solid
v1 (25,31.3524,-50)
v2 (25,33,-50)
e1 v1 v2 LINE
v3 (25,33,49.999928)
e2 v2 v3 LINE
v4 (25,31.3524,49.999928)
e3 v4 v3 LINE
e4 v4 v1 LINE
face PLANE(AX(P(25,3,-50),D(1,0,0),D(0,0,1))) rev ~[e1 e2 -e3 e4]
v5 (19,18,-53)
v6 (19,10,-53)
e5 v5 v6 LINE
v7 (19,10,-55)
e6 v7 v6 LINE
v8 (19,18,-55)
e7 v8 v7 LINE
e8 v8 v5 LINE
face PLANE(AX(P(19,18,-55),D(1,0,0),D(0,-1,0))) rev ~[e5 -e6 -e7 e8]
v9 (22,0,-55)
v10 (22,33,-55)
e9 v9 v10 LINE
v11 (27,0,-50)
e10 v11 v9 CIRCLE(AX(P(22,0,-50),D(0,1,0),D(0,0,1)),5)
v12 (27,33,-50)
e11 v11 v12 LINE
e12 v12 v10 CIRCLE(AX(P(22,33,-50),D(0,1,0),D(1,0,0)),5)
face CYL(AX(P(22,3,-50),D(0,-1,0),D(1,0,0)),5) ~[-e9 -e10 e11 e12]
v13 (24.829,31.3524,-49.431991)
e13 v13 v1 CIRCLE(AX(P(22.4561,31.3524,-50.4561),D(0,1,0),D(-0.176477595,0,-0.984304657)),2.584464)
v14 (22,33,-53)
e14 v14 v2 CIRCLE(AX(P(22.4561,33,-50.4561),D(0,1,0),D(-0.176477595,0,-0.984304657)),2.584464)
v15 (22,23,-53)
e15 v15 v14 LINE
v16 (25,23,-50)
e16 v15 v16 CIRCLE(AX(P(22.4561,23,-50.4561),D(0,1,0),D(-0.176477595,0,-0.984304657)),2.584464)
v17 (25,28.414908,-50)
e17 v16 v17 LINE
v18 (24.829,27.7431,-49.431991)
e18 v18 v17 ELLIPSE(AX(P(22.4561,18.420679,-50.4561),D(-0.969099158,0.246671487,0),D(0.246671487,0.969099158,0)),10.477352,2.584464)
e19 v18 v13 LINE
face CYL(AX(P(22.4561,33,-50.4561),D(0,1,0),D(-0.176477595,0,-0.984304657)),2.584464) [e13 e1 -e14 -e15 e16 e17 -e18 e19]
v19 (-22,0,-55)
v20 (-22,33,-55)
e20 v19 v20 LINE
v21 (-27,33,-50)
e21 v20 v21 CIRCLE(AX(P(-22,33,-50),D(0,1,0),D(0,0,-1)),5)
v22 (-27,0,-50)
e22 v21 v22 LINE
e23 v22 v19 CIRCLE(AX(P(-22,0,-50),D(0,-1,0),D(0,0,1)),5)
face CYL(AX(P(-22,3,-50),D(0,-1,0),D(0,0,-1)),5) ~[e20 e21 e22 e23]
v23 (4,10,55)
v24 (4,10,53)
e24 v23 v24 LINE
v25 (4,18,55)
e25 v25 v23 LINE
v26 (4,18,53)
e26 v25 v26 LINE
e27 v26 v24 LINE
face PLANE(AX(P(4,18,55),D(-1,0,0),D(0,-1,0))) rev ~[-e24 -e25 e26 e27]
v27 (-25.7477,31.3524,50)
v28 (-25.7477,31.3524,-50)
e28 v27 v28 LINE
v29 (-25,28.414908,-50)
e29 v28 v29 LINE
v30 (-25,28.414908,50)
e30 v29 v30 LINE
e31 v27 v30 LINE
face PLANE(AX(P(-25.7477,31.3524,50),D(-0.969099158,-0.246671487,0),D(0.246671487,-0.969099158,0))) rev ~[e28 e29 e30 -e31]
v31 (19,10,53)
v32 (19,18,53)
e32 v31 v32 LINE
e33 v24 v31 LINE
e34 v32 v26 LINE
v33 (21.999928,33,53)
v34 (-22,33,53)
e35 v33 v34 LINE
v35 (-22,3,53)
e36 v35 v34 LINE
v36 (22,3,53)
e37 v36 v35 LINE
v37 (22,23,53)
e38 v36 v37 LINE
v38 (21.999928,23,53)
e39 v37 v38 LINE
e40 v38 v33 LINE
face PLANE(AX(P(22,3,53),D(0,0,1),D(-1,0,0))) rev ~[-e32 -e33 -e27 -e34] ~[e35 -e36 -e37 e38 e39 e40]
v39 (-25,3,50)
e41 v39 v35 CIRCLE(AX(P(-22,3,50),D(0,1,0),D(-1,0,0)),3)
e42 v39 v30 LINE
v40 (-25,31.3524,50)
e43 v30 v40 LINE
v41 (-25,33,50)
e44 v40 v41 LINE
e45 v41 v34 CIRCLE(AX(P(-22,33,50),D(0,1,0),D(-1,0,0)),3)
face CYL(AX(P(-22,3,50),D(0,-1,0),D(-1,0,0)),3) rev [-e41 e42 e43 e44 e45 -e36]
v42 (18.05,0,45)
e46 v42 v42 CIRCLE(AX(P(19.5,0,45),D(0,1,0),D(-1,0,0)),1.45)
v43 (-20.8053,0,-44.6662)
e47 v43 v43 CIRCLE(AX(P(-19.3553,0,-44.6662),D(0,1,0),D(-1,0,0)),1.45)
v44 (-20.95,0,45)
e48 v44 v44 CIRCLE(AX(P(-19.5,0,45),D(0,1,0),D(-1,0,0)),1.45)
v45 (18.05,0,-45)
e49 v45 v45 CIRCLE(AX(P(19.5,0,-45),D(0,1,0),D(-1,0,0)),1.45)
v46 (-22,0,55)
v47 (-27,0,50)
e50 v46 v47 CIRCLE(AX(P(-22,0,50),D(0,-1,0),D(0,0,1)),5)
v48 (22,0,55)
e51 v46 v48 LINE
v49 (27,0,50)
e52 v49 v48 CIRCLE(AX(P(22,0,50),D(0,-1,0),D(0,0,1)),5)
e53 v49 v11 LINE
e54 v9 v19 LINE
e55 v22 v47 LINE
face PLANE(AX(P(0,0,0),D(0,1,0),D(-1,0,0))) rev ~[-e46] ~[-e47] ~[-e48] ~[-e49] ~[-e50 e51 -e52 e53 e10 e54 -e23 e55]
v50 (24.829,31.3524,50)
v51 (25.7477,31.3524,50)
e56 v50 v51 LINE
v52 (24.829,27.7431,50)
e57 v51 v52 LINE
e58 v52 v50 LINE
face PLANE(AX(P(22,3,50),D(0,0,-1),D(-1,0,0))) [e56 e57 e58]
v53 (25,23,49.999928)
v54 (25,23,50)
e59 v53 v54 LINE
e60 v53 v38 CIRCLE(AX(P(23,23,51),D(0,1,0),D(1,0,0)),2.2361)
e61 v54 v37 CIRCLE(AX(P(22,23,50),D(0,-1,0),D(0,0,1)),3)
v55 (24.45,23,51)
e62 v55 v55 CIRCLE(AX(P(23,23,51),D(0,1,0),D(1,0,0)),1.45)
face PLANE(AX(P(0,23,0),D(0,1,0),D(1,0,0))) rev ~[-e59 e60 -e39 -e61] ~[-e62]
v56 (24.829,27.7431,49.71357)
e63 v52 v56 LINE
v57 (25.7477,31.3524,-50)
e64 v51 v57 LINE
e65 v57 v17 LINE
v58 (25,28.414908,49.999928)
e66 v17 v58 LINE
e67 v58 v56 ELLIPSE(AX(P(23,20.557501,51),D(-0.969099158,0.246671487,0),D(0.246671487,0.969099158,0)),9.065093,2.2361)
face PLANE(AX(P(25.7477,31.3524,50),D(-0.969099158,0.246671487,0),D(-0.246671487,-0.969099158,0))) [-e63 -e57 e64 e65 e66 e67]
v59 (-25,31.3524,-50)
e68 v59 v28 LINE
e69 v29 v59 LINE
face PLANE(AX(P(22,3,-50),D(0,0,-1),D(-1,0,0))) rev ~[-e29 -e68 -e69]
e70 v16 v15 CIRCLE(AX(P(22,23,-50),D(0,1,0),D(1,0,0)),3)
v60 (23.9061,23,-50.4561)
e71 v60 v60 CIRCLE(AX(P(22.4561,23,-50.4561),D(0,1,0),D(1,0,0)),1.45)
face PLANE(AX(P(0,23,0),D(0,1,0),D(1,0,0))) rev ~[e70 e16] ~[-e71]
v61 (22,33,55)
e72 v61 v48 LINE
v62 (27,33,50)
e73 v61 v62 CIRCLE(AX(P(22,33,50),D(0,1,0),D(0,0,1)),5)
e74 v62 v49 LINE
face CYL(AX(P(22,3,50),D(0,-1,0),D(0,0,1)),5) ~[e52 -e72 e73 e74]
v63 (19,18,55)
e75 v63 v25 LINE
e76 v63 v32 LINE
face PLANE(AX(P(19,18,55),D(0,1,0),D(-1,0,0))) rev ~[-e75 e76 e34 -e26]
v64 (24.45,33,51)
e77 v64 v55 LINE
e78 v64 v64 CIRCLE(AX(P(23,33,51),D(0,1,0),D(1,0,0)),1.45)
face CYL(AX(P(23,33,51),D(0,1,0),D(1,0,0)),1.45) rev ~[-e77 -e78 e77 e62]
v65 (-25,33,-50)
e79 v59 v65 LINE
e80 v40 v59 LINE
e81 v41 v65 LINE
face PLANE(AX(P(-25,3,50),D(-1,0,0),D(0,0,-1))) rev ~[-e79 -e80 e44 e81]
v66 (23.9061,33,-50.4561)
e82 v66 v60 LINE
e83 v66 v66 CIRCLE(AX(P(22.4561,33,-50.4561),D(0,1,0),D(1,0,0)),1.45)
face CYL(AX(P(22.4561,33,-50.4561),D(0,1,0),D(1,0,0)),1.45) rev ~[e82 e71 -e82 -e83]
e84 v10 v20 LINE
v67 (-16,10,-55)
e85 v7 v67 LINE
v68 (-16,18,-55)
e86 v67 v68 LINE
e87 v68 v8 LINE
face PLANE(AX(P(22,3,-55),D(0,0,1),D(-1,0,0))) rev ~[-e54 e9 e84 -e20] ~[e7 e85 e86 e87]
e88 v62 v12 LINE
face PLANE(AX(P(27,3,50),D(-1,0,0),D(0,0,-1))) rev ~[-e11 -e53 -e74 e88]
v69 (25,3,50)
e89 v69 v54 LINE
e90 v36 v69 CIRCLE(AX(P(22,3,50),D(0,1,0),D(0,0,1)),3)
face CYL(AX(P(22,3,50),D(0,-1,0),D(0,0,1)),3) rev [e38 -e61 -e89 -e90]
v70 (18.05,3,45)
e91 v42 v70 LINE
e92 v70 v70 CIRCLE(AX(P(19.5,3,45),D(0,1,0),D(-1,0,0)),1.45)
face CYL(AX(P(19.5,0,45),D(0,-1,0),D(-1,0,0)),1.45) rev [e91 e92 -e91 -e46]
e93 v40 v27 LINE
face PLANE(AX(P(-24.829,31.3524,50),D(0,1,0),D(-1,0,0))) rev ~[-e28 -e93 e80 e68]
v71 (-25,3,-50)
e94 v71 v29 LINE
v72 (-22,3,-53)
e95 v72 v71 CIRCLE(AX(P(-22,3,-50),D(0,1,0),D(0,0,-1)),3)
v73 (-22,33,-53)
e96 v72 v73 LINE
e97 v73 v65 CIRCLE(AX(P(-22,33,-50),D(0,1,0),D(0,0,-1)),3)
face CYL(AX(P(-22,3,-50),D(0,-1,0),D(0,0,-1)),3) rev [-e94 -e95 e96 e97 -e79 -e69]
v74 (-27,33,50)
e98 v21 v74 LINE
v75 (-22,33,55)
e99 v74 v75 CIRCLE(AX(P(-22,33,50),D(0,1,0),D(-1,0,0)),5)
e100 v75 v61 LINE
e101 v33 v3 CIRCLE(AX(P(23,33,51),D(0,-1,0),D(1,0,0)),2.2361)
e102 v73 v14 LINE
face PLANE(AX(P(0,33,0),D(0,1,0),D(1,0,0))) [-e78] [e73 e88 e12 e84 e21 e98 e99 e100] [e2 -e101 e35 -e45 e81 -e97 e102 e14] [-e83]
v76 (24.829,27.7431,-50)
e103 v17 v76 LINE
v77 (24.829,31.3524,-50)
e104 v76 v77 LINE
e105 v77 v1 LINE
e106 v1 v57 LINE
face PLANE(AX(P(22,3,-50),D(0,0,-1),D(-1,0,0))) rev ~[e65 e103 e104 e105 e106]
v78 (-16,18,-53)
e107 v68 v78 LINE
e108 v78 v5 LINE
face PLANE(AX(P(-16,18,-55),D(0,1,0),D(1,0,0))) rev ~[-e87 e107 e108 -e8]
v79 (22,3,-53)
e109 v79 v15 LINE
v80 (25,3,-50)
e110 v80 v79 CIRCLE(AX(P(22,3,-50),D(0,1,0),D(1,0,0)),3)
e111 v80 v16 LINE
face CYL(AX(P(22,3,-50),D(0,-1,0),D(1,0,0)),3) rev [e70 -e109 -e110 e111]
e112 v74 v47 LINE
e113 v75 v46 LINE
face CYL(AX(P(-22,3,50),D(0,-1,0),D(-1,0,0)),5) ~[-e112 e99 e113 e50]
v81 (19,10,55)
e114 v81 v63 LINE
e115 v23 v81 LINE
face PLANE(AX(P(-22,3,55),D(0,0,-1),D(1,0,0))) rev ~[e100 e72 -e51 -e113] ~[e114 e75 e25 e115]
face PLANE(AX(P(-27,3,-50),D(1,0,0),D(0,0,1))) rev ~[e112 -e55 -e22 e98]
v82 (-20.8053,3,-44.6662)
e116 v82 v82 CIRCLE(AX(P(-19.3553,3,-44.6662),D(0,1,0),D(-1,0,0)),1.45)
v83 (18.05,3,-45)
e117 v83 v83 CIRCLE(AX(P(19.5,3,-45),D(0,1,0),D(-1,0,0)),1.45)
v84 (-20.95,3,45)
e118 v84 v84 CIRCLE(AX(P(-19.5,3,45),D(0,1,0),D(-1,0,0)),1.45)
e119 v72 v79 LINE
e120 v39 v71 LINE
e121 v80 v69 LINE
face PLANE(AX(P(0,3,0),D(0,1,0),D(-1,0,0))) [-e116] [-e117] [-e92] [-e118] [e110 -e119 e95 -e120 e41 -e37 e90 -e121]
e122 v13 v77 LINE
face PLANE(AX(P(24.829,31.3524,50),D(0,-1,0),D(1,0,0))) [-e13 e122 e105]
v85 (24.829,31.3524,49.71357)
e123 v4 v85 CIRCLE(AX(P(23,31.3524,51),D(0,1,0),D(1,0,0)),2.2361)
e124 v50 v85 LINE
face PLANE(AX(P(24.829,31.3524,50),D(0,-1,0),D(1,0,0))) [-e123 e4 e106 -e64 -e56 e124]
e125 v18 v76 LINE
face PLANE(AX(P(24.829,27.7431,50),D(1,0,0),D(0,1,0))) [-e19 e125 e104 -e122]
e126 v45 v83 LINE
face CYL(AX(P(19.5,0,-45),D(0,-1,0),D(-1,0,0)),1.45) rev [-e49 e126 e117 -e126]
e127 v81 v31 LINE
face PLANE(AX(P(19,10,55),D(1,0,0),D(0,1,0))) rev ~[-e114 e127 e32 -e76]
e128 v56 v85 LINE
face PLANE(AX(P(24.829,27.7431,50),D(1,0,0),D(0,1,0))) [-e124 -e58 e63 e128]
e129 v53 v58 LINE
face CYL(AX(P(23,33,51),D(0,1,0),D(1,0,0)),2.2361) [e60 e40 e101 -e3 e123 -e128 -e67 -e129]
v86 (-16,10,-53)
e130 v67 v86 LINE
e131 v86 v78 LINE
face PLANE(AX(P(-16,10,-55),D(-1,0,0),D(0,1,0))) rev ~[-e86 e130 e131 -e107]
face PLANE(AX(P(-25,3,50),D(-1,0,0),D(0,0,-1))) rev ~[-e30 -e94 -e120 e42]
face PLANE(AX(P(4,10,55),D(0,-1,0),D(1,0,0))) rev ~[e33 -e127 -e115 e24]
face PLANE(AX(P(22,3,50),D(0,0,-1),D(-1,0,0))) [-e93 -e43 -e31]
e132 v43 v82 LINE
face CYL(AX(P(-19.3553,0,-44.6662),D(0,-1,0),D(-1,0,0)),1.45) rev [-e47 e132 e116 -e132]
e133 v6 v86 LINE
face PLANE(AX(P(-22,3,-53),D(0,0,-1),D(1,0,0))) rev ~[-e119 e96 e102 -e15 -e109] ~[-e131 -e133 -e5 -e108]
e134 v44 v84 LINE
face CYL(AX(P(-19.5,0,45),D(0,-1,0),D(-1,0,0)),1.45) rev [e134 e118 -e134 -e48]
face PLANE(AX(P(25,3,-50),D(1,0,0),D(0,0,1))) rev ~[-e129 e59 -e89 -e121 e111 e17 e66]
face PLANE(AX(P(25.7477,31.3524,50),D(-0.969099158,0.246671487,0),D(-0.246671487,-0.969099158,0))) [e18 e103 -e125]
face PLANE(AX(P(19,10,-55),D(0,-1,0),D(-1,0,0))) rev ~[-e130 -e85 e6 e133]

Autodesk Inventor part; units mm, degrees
ref_plane "YZ Plane" through (0, 0, 0) normal (1, 0, 0) x (0, 1, 0)
ref_plane "XZ Plane" through (0, 0, 0) normal (0, 1, 0) x (-1, 0, 0)
ref_plane "XY Plane" through (0, 0, 0) normal (0, 0, 1) x (1, 0, 0)
sketch "Sketch1" plane through (0, 0, 0) normal (0, 1, 0) x (-1, 0, 0)
  line L0 (-19.5, -45) -> (19.5, -45) construction
  line L1 (19.5, -45) -> (19.5, 45) construction
  line L2 (19.5, 45) -> (-19.5, 45) construction
  line L3 (-19.5, 45) -> (-19.5, -45) construction
  line L4 (-19.5, -45) -> (19.5, 45) construction
  line L5 (19.5, -45) -> (-19.5, 45) construction
  line L6 (-27, -55) -> (27, -55)
  line L7 (27, -55) -> (27, 55)
  line L8 (27, 55) -> (-27, 55)
  line L9 (-27, 55) -> (-27, -55)
  line L10 (-27, -55) -> (27, 55) construction
  line L11 (27, -55) -> (-27, 55) construction
  circle A0 centre (19.5, 45) radius 1.45
  circle A1 centre (-19.5, 45) radius 1.45
  circle A2 centre (19.3553, -44.6662) radius 1.45
  circle A3 centre (-19.5, -45) radius 1.45
  point P0 (0, 0)
  dimension "d0" = 39
  dimension "d1" = 90
  dimension "d2" = 54
  dimension "d3" = 110
  dimension "d4" = 2.9
  dimension "d5" = 2.9
  dimension "d6" = 2.9
  dimension "d7" = 2.9
extrude "Extrusion1" add sketch "Sketch1" along normal blind 3
fillet "Fillet1" radius 5 4 edges at (27, 1.5, 55) (-27, 1.5, 55) (-27, 1.5, -55) (27, 1.5, -55)
sketch "Sketch2" plane through (0, 3, 0) normal (0, 1, 0) x (1, 0, 0)
  arc A0 (27, 50) -> (22, 55) centre (22, 50) ccw projected
  line L0 (22, 55) -> (-22, 55) projected
  arc A1 (-22, 55) -> (-27, 50) centre (-22, 50) ccw projected
  line L1 (-27, 50) -> (-27, -50) projected
  arc A2 (-27, -50) -> (-22, -55) centre (-22, -50) ccw projected
  line L2 (-22, -55) -> (22, -55) projected
  arc A3 (22, -55) -> (27, -50) centre (22, -50) ccw projected
  line L3 (27, -50) -> (27, 50) projected
  circle A4 centre (19.5, 45) radius 1.45 projected
  circle A5 centre (-19.3553, 44.6662) radius 1.45 projected
  circle A6 centre (19.5, -45) radius 1.45 projected
  circle A7 centre (-19.5, -45) radius 1.45 projected
  line L4 (-25, -50) -> (-25, 50)
  arc A8 (-22, 53) -> (-25, 50) centre (-22, 50) ccw
  line L5 (-22, 53) -> (22, 53)
  arc A9 (25, 50) -> (22, 53) centre (22, 50) ccw
  line L6 (25, 50) -> (25, -50)
  arc A10 (22, -53) -> (25, -50) centre (22, -50) ccw
  line L7 (22, -53) -> (-22, -53)
  arc A11 (-25, -50) -> (-22, -53) centre (-22, -50) ccw
  point P0 (0, 0)
  dimension "d11" = 2
extrude "Extrusion2" add sketch "Sketch2" along normal blind 30 contours L3 A3 L2 A2 L1 A1 L0 A0
sketch "Sketch3" plane through (-22, 0, 55) normal (0, 0, 1) x (1, 0, 0)
  line L0 (41, 18) -> (26, 18)
  line L1 (26, 18) -> (26, 10)
  line L2 (26, 10) -> (41, 10)
  line L3 (41, 10) -> (41, 18)
  line L4 (41, 18) -> (26, 10) construction
  line L5 (26, 18) -> (41, 10) construction
  line L6 (49, 0) -> (49, 33) projected
  line L7 (0, 0) -> (44, 0) projected
  point P0 (22, 0)
  point P1 (33.5, 14)
  dimension "d14" = 8
  dimension "d15" = 10
  dimension "d16" = 15
  dimension "d17" = 8
extrude "Extrusion3" cut sketch "Sketch3" against normal blind 30
sketch "Sketch4" plane through (22, 0, -55) normal (0, 0, -1) x (-1, 0, 0)
  line L0 (0, 0) -> (0, 33) projected
  line L1 (0, 0) -> (44, 0) projected
  line L2 (44, 33) -> (44, 0) projected
  line L3 (0, 33) -> (44, 33) projected
  line L4 (18, 10) -> (18, 18) construction
  line L5 (18, 18) -> (3, 18) construction
  line L6 (3, 18) -> (3, 10) construction
  line L7 (3, 10) -> (18, 10) construction
  line L8 (44, 0) -> (44, 33) construction
  line L9 (44, 0) -> (0, 0) construction
  line L10 (0, 33) -> (0, 0) construction
  line L11 (44, 33) -> (0, 33) construction
  line L12 (3, 10) -> (38, 10)
  line L13 (38, 10) -> (38, 18)
  line L14 (38, 18) -> (3, 18)
  line L15 (3, 18) -> (3, 10)
  point P0 (22, 0)
  dimension "d20" = 35
extrude "Extrusion4" cut sketch "Sketch4" against normal blind 30 contours L15 L14 L13 L12
sketch "Sketch5" plane through (0, 33, 0) normal (0, 1, 0) x (1, 0, 0)
  arc A0 (-25, -50) -> (-22, -53) centre (-22, -50) ccw projected
  arc A1 (22, -53) -> (25, -50) centre (22, -50) ccw projected
  arc A2 (25, 50) -> (22, 53) centre (22, 50) ccw projected
  arc A3 (-22, 53) -> (-25, 50) centre (-22, 50) ccw projected
  circle A4 centre (-23, -51) radius 1.45
  circle A5 centre (23, -51) radius 1.45
  circle A6 centre (-23, 51) radius 1.45
  arc A7 (-22, 53) -> (-25, 50) centre (-22, 50) ccw projected
  line L0 (-22, 53) -> (22, 53) projected
  arc A8 (25, 50) -> (22, 53) centre (22, 50) ccw projected
  line L1 (25, 50) -> (25, -50) projected
  arc A9 (22, -53) -> (25, -50) centre (22, -50) ccw projected
  line L2 (22, -53) -> (-22, -53) projected
  arc A10 (-25, -50) -> (-22, -53) centre (-22, -50) ccw projected
  line L3 (-25, -50) -> (-25, 50) projected
  arc A11 (27, 50) -> (22, 55) centre (22, 50) ccw projected
  line L4 (22, 55) -> (-22, 55) projected
  arc A12 (-22, 55) -> (-27, 50) centre (-22, 50) ccw projected
  line L5 (-27, 50) -> (-27, -50) projected
  arc A13 (-27, -50) -> (-22, -55) centre (-22, -50) ccw projected
  line L6 (-22, -55) -> (22, -55) projected
  arc A14 (22, -55) -> (27, -50) centre (22, -50) ccw projected
  line L7 (27, -50) -> (27, 50) projected
  arc A15 (-22, 51) -> (-23, 50) centre (-22, 50) ccw construction
  line L8 (-22, 51) -> (22, 51) construction
  arc A16 (23, 50) -> (22, 51) centre (22, 50) ccw construction
  line L9 (23, 50) -> (23, -50) construction
  arc A17 (22, -51) -> (23, -50) centre (22, -50) ccw construction
  line L10 (22, -51) -> (-22, -51) construction
  arc A18 (-23, -50) -> (-22, -51) centre (-22, -50) ccw construction
  line L11 (-23, -50) -> (-23, 50) construction
  line L12 (23, 51) -> (-23, 51) construction
  line L13 (-23, 51) -> (-23, -51) construction
  line L14 (-23, -51) -> (23, -51) construction
  line L15 (23, -51) -> (23, 51) construction
  line L16 (23, 51) -> (-23, -51) construction
  line L17 (-23, 51) -> (23, -51) construction
  line L18 (-25, 50) -> (-25, -50) projected
  arc A19 (-22, -53) -> (-25, -50) centre (-22.8913, -50.8913) ccw
  line L19 (-22, -53) -> (22, -53) projected
  arc A20 (25, -50) -> (22, -53) centre (22.921, -50.921) ccw
  arc A21 (-25, 50) -> (-22, 53) centre (-22.9063, 50.9063) ccw
  arc A22 (25, 50) -> (22, 53) centre (22, 50) ccw projected
  arc A23 (22, 53) -> (25, 50) centre (22.4561, 50.4561) ccw
  circle A24 centre (22.4561, 50.4561) radius 1.45
  circle A25 centre (-23, -51) radius 2.2361
  circle A26 centre (23, -51) radius 2.2361
  point P0 (0, 0)
  point P1 (24.1213, 52.1213)
  dimension "d23" = 2.9
  dimension "d24" = 2.9
  dimension "d25" = 2.9
  dimension "d27" = 2
  dimension "d28" = 2.9
extrude "Extrusion5" add sketch "Sketch5" against normal blind 10 contours A26 A1 | A1 A26 | A2 A23
ref_plane "Work Plane1" through (22, 3, 50) normal (0, 0, -1) x (-1, 0, 0)
sketch "Sketch6" plane through (22, 3, 50) normal (0, 0, -1) x (-1, 0, 0)
  line L0 (46.829, 28.3524) -> (47.7477, 28.3524)
  line L1 (47.7477, 28.3524) -> (46.829, 24.7431)
  line L2 (46.829, 24.7431) -> (46.829, 28.3524)
  line L3 (22, 24.0878) -> (22, -17.3662)
  line L4 (-2.829, 28.3524) -> (-3.7477, 28.3524)
  line L5 (-3.7477, 28.3524) -> (-2.829, 24.7431)
  line L6 (-2.829, 24.7431) -> (-2.829, 28.3524)
  point P0 (22, -3)
extrude "Extrusion6" cut sketch "Sketch6" along normal blind 100
properties part number "00_Case_Powersupply_Galvo"
